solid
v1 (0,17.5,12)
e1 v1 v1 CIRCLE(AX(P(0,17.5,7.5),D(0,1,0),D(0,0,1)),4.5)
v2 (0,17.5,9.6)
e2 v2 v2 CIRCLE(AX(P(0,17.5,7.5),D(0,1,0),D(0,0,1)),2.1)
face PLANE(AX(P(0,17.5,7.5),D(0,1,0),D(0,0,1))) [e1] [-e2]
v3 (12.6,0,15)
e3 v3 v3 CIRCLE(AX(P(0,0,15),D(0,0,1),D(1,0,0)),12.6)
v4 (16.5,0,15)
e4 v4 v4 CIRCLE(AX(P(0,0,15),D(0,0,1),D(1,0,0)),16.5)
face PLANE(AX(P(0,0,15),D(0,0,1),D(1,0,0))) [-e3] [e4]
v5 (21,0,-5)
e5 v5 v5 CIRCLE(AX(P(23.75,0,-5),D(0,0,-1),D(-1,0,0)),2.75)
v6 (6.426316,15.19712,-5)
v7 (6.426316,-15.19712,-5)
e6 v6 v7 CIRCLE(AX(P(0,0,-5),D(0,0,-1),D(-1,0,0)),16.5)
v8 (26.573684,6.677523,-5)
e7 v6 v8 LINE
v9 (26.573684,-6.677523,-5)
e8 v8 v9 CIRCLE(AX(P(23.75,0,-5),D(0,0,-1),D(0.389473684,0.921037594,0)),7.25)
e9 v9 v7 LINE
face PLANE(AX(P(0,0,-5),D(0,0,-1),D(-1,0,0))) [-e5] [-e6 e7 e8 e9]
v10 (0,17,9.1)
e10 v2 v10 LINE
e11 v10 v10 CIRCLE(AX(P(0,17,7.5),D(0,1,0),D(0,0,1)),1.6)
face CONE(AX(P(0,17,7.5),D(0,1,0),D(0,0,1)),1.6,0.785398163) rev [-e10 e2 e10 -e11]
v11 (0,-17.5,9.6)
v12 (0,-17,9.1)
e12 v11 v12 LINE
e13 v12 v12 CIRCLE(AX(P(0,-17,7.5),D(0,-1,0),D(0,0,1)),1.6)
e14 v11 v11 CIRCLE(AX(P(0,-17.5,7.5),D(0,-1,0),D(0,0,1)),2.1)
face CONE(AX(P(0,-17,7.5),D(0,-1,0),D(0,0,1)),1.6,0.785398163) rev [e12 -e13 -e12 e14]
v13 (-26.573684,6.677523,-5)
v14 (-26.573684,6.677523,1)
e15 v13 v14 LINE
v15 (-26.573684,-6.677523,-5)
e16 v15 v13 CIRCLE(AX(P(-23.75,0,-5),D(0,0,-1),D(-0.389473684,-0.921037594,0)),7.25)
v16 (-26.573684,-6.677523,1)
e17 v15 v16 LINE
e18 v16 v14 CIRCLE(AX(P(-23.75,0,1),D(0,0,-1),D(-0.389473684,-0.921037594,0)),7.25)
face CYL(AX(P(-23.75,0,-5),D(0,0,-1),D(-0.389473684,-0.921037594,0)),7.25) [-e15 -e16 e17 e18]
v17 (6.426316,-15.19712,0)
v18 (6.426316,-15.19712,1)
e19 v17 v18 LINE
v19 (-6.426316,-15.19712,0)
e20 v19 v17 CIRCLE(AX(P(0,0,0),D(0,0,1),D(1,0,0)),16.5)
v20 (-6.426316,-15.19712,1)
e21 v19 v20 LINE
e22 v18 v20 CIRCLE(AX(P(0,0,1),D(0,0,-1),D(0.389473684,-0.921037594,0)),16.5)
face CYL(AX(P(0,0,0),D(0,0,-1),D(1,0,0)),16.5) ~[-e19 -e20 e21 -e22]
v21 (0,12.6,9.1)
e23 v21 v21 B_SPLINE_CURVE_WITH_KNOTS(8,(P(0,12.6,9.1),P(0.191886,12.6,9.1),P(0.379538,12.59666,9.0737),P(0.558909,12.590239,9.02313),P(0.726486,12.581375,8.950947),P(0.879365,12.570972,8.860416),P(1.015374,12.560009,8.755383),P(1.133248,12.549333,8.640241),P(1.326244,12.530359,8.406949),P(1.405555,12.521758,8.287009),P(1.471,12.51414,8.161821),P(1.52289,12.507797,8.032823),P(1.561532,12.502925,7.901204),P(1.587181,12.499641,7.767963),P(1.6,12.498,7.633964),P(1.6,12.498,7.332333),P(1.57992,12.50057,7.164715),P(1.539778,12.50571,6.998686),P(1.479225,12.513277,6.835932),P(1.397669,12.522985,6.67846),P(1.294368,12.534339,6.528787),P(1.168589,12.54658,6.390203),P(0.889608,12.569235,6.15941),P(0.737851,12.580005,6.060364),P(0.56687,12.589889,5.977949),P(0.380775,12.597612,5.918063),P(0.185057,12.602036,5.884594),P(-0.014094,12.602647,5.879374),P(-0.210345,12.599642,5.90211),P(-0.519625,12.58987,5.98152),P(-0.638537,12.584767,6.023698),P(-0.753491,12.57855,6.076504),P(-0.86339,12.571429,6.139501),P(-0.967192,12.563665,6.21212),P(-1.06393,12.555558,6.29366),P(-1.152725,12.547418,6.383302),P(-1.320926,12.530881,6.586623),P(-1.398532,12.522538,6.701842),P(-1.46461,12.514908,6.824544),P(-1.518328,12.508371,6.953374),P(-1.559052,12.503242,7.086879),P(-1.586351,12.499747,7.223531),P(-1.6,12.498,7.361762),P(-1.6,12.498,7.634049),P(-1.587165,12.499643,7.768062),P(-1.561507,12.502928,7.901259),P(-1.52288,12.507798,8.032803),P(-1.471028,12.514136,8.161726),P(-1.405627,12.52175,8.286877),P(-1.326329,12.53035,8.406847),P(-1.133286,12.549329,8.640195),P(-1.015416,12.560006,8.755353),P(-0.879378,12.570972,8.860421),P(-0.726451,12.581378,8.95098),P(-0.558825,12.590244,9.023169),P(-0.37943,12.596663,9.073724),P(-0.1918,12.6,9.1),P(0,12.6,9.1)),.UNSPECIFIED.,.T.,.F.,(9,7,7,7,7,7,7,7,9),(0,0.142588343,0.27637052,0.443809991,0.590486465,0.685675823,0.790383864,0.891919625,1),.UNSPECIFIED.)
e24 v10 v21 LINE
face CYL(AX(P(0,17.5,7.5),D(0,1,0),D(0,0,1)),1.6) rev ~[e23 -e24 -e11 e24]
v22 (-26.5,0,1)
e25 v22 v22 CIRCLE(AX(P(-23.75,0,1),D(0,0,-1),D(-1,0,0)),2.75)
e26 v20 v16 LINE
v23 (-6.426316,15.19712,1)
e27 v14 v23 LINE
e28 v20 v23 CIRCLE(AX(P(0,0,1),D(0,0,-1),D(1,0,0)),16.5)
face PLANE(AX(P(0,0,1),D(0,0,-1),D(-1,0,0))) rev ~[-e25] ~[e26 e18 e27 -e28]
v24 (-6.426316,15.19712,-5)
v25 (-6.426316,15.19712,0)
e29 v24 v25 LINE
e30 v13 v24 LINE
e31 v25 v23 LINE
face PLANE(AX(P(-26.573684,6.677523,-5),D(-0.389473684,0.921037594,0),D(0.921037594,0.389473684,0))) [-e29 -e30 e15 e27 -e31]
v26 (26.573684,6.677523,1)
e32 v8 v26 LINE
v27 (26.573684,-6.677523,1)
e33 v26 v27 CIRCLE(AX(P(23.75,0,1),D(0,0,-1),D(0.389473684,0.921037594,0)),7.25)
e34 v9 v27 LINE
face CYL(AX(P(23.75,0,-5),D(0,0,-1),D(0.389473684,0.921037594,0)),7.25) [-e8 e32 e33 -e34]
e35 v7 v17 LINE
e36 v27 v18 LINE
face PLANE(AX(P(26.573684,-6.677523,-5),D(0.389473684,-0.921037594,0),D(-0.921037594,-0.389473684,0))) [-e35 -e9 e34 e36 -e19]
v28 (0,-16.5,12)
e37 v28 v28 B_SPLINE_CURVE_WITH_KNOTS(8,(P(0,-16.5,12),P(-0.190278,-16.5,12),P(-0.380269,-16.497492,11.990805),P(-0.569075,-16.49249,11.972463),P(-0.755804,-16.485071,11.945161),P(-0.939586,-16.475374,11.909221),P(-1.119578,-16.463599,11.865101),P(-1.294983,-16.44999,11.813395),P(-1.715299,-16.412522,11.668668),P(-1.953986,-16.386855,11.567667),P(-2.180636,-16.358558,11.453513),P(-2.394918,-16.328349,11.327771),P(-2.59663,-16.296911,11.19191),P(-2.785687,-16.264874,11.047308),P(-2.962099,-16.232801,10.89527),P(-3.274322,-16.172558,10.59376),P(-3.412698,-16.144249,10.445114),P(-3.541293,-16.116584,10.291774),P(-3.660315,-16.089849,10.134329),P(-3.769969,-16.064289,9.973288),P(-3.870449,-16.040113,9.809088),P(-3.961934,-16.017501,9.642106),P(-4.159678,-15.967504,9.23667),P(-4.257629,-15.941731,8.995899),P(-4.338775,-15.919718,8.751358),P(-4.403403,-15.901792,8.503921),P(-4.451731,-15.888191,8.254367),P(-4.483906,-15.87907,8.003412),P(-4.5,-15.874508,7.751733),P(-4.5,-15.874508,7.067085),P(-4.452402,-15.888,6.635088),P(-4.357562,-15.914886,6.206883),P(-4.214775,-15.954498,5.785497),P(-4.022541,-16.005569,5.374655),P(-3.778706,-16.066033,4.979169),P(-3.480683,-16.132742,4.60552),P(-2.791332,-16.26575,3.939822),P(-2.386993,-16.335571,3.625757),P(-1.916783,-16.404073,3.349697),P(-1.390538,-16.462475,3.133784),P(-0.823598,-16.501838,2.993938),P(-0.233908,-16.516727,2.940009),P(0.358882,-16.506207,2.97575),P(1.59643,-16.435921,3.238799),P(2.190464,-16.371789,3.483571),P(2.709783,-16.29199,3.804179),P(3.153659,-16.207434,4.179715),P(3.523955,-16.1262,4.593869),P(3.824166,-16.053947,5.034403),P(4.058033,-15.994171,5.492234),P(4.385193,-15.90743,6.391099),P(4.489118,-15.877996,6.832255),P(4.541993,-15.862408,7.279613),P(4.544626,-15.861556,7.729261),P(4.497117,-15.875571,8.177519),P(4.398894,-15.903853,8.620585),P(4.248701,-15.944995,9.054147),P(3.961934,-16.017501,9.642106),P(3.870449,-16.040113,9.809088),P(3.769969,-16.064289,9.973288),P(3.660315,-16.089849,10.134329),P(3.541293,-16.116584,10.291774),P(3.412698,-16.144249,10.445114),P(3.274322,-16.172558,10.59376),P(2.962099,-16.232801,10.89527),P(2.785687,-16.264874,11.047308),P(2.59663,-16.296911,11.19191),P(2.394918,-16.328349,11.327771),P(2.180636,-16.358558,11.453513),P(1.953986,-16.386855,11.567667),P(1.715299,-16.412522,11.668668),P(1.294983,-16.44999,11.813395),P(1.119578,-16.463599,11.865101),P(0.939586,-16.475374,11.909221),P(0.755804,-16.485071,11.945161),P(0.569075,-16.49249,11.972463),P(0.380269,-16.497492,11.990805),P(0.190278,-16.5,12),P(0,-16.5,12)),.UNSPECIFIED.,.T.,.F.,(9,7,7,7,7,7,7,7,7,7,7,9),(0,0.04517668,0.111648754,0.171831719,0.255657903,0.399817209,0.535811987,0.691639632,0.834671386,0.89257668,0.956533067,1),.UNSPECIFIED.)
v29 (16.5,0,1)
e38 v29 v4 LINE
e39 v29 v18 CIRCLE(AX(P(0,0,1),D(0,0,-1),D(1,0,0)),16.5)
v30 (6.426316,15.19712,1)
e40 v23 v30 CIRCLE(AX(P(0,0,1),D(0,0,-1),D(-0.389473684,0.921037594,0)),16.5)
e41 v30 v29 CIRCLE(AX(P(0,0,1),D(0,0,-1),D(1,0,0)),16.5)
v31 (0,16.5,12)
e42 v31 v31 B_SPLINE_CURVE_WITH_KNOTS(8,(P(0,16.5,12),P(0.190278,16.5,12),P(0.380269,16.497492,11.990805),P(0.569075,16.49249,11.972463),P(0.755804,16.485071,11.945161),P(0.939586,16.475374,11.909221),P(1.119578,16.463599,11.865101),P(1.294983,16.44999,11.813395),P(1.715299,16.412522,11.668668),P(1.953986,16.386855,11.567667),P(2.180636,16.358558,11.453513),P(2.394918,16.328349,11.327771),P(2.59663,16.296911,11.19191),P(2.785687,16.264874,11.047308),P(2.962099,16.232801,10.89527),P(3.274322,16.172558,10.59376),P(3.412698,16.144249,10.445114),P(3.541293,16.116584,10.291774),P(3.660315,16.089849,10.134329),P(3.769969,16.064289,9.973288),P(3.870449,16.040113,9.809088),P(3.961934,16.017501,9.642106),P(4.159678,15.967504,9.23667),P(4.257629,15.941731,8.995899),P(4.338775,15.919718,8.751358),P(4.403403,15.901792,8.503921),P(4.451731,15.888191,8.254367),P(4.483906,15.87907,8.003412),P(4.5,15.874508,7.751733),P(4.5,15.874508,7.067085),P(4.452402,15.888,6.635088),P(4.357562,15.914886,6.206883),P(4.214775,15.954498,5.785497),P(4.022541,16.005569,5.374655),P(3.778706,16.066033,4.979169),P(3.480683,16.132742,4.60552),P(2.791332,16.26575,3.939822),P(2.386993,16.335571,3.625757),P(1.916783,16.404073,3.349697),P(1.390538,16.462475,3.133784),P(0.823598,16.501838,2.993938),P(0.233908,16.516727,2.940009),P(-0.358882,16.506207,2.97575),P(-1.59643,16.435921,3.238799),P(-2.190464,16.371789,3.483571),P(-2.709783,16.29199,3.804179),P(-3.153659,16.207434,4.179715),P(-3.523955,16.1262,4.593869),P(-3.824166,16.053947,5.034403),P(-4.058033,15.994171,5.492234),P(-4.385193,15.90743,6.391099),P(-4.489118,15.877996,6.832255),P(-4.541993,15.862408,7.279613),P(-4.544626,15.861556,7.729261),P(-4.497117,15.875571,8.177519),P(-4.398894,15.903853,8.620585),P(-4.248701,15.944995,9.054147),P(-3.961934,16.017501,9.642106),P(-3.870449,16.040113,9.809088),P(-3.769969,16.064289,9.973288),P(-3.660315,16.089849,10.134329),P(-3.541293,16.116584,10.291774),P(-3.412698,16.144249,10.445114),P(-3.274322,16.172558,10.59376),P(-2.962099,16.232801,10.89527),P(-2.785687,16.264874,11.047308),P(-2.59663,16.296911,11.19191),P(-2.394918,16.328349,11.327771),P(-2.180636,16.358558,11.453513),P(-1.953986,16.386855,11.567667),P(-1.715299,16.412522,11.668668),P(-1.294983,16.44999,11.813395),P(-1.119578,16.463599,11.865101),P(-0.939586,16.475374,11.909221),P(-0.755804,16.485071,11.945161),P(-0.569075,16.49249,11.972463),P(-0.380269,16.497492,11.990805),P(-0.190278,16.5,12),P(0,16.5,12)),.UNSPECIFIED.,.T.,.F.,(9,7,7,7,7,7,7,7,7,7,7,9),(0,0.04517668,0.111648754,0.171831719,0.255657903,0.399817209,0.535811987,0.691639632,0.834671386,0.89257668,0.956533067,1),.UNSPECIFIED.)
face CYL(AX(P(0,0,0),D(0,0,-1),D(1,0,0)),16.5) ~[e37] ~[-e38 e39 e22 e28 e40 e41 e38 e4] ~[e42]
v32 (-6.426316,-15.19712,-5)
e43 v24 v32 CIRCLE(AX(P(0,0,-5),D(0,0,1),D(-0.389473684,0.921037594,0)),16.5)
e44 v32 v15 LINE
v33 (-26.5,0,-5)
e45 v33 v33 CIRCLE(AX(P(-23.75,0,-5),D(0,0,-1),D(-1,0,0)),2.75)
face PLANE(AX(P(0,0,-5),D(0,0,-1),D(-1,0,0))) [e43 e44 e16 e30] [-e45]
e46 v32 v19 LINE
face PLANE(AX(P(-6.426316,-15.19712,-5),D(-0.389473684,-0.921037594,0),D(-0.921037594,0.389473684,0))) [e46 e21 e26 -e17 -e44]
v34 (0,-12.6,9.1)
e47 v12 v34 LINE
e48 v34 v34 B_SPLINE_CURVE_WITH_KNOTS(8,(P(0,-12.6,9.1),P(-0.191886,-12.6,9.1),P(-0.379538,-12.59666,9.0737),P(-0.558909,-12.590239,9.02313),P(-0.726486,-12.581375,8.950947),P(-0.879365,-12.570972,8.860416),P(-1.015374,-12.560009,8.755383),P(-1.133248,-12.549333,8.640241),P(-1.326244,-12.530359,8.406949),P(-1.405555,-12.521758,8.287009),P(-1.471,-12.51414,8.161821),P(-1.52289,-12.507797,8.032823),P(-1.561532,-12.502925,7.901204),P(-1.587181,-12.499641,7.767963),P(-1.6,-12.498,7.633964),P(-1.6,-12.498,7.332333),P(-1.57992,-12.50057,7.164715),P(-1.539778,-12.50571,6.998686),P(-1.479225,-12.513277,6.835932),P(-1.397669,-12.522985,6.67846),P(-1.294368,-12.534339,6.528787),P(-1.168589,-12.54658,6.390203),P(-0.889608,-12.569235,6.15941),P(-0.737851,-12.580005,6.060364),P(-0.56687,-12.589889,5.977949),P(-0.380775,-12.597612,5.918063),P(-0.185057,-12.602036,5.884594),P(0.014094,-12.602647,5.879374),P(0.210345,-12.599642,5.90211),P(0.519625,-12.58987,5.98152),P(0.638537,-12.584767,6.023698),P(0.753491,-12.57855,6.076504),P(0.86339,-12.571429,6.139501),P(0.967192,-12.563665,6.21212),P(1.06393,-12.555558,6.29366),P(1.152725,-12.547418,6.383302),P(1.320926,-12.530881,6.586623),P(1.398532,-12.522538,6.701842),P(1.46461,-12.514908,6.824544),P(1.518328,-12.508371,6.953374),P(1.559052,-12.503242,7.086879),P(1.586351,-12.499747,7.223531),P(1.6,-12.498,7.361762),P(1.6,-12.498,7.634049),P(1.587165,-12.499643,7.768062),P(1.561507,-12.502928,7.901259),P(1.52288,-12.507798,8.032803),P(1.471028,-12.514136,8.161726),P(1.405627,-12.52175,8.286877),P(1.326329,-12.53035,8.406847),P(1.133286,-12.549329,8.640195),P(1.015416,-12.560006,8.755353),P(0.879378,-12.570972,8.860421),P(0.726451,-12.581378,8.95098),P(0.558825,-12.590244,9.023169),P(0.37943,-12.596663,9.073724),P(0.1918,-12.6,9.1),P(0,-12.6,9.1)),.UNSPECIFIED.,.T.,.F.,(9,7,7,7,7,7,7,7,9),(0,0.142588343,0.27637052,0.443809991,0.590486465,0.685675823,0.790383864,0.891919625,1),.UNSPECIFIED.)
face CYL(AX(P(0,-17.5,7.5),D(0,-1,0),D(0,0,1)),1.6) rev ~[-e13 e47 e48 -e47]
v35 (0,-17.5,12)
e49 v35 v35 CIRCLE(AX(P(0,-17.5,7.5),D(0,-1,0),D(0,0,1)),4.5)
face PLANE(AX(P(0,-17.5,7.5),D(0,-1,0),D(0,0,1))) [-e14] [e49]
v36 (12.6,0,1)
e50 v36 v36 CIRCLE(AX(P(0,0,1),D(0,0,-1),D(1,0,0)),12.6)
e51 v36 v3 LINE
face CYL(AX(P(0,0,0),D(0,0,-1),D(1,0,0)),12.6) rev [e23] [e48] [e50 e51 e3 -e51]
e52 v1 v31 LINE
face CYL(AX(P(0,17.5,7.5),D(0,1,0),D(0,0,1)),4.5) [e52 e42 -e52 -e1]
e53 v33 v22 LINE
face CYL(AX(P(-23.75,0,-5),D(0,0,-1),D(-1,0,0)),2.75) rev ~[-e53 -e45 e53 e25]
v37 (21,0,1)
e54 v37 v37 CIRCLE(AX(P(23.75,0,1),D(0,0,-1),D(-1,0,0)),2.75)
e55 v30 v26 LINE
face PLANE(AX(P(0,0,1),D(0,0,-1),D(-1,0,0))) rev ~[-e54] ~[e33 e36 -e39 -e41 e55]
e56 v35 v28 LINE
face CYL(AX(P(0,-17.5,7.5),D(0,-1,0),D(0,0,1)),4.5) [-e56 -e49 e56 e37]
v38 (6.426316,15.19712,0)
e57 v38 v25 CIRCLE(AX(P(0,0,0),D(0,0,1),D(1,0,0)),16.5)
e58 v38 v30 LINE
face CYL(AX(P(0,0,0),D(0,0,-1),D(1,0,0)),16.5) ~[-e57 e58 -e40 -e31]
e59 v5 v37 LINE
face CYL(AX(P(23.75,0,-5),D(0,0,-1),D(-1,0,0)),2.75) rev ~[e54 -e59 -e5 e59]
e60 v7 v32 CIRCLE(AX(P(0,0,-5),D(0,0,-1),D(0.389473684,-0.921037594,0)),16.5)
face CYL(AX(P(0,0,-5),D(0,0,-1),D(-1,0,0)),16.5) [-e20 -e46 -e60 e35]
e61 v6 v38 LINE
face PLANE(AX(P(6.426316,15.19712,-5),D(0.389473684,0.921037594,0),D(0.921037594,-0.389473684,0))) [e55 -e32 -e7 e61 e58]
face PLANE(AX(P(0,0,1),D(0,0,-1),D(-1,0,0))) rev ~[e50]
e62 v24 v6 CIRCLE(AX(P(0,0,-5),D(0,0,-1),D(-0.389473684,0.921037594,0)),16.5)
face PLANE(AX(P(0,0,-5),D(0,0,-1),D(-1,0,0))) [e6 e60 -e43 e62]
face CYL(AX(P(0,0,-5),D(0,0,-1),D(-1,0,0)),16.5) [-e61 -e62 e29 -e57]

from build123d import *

# Parameters (mm, degrees)
SKETCH1_R                = 16.5
SKETCH1_R_2              = 12.6
BOSS_EXTRUDE1_DEPTH      = 15
BOSS_EXTRUDE2_START      = 5
SKETCH2_R                = 16.5
BOSS_EXTRUDE2_DEPTH      = 5
BOSS_EXTRUDE3_REACH      = 42.66
BOSS_EXTRUDE3_END_RADIUS = 16.5
SKETCH3_R                = 4.5
CUT_EXTRUDE1_REACH       = 42.66
CUT_EXTRUDE1_END_RADIUS  = 12.6
SKETCH4_R                = 1.6
CIRPATTERN1_COUNT        = 2
CHAMFER1_SIZE            = 0.5
SKETCH5_R                = 2.75
BOSS_EXTRUDE4_DEPTH      = 6


with BuildPart() as part:
    # Sketch1 → Boss-Extrude1 (new body)
    with BuildSketch(Plane.XY):
        Circle(SKETCH1_R)
        Circle(SKETCH1_R_2, mode=Mode.SUBTRACT)
    extrude(amount=BOSS_EXTRUDE1_DEPTH)

    # Sketch2 → Boss-Extrude2 (add)
    with BuildSketch(Plane(origin=(0, 0, 0), x_dir=(-1, 0, 0), z_dir=(0, 0, -1)).offset(BOSS_EXTRUDE2_START)):
        Circle(SKETCH2_R)
    extrude(amount=-BOSS_EXTRUDE2_DEPTH)

    # Boss-Extrude3: up to this cylinder (the profile starts outside it)
    boss_extrude3_end = Plane(origin=(0, 0, 7.5), z_dir=(0, 0, -1)) * Cylinder(BOSS_EXTRUDE3_END_RADIUS, 119.32, mode=Mode.PRIVATE)
    # Sketch3 → Boss-Extrude3 (add, up to the surface)
    with BuildSketch(Plane(origin=(0, 17.5, 0), x_dir=(1, 0, 0), z_dir=(0, 1, 0)), mode=Mode.PRIVATE) as boss_extrude3_sk1:
        with Locations(Location((0, -7.5, 0), (0, 0, 270))):
            Circle(SKETCH3_R)
    boss_extrude3_tool1 = extrude(boss_extrude3_sk1.sketch, amount=-BOSS_EXTRUDE3_REACH, mode=Mode.PRIVATE) - boss_extrude3_end
    boss_extrude3 = boss_extrude3_tool1.solids().sort_by_distance((0, 17.5, 7.5))[0]
    add(boss_extrude3)

    # Cut-Extrude1: up to this cylinder (the profile starts outside it)
    cut_extrude1_end = Plane(origin=(0, 0, 7.5), z_dir=(0, 0, -1)) * Cylinder(CUT_EXTRUDE1_END_RADIUS, 111.52, mode=Mode.PRIVATE)
    # Sketch4 → Cut-Extrude1 (cut, up to the surface)
    with BuildSketch(Plane(origin=(0, 17.5, 0), x_dir=(1, 0, 0), z_dir=(0, 1, 0)), mode=Mode.PRIVATE) as cut_extrude1_sk1:
        with Locations(Location((0, -7.5, 0), (0, 0, 270))):
            Circle(SKETCH4_R)
    cut_extrude1_tool1 = extrude(cut_extrude1_sk1.sketch, amount=-CUT_EXTRUDE1_REACH, mode=Mode.PRIVATE) - cut_extrude1_end
    cut_extrude1 = cut_extrude1_tool1.solids().sort_by_distance((0, 17.5, 7.5))[0]
    add(cut_extrude1, mode=Mode.SUBTRACT)

    # CirPattern1: Boss-Extrude3, Cut-Extrude1 ×2 about axis
    cirpattern1_axis = Axis((0, 0, 15), (0, 0, 1))
    add([boss_extrude3.rotate(cirpattern1_axis, i * 360 / CIRPATTERN1_COUNT) for i in range(1, CIRPATTERN1_COUNT)])
    add([cut_extrude1.rotate(cirpattern1_axis, i * 360 / CIRPATTERN1_COUNT) for i in range(1, CIRPATTERN1_COUNT)], mode=Mode.SUBTRACT)

    # Chamfer1
    chamfer1_edges = [part.edges().sort_by_distance(p)[0] for p in [
        (0, 17.5, 5.9),
        (0, -17.5, 5.9),
    ]]
    chamfer(chamfer1_edges, length=CHAMFER1_SIZE)

    # Sketch5 → Boss-Extrude4 (add)
    with BuildSketch(Plane(origin=(0, 0, -5), x_dir=(-1, 0, 0), z_dir=(0, 0, -1))):
        with BuildLine():
            Line((26.573684211, 6.677522556), (6.426315789, 15.197120299))
            ThreePointArc((6.426315789, 15.197120299), (0, 16.5), (-6.426315789, 15.197120299))
            Line((-6.426315789, 15.197120299), (-26.573684211, 6.677522556))
            ThreePointArc((-26.573684211, 6.677522556), (-31, 0), (-26.573684211, -6.677522556))
            Line((-26.573684211, -6.677522556), (-6.426315789, -15.197120299))
            ThreePointArc((-6.426315789, -15.197120299), (0, -16.5), (6.426315789, -15.197120299))
            Line((6.426315789, -15.197120299), (26.573684211, -6.677522556))
            ThreePointArc((26.573684211, -6.677522556), (31, 0), (26.573684211, 6.677522556))
        make_face()
        with Locations((23.75, 0)):
            Circle(SKETCH5_R, mode=Mode.SUBTRACT)
        with Locations((-23.75, 0)):
            Circle(SKETCH5_R, mode=Mode.SUBTRACT)
    extrude(amount=-BOSS_EXTRUDE4_DEPTH)


solid = part.part
